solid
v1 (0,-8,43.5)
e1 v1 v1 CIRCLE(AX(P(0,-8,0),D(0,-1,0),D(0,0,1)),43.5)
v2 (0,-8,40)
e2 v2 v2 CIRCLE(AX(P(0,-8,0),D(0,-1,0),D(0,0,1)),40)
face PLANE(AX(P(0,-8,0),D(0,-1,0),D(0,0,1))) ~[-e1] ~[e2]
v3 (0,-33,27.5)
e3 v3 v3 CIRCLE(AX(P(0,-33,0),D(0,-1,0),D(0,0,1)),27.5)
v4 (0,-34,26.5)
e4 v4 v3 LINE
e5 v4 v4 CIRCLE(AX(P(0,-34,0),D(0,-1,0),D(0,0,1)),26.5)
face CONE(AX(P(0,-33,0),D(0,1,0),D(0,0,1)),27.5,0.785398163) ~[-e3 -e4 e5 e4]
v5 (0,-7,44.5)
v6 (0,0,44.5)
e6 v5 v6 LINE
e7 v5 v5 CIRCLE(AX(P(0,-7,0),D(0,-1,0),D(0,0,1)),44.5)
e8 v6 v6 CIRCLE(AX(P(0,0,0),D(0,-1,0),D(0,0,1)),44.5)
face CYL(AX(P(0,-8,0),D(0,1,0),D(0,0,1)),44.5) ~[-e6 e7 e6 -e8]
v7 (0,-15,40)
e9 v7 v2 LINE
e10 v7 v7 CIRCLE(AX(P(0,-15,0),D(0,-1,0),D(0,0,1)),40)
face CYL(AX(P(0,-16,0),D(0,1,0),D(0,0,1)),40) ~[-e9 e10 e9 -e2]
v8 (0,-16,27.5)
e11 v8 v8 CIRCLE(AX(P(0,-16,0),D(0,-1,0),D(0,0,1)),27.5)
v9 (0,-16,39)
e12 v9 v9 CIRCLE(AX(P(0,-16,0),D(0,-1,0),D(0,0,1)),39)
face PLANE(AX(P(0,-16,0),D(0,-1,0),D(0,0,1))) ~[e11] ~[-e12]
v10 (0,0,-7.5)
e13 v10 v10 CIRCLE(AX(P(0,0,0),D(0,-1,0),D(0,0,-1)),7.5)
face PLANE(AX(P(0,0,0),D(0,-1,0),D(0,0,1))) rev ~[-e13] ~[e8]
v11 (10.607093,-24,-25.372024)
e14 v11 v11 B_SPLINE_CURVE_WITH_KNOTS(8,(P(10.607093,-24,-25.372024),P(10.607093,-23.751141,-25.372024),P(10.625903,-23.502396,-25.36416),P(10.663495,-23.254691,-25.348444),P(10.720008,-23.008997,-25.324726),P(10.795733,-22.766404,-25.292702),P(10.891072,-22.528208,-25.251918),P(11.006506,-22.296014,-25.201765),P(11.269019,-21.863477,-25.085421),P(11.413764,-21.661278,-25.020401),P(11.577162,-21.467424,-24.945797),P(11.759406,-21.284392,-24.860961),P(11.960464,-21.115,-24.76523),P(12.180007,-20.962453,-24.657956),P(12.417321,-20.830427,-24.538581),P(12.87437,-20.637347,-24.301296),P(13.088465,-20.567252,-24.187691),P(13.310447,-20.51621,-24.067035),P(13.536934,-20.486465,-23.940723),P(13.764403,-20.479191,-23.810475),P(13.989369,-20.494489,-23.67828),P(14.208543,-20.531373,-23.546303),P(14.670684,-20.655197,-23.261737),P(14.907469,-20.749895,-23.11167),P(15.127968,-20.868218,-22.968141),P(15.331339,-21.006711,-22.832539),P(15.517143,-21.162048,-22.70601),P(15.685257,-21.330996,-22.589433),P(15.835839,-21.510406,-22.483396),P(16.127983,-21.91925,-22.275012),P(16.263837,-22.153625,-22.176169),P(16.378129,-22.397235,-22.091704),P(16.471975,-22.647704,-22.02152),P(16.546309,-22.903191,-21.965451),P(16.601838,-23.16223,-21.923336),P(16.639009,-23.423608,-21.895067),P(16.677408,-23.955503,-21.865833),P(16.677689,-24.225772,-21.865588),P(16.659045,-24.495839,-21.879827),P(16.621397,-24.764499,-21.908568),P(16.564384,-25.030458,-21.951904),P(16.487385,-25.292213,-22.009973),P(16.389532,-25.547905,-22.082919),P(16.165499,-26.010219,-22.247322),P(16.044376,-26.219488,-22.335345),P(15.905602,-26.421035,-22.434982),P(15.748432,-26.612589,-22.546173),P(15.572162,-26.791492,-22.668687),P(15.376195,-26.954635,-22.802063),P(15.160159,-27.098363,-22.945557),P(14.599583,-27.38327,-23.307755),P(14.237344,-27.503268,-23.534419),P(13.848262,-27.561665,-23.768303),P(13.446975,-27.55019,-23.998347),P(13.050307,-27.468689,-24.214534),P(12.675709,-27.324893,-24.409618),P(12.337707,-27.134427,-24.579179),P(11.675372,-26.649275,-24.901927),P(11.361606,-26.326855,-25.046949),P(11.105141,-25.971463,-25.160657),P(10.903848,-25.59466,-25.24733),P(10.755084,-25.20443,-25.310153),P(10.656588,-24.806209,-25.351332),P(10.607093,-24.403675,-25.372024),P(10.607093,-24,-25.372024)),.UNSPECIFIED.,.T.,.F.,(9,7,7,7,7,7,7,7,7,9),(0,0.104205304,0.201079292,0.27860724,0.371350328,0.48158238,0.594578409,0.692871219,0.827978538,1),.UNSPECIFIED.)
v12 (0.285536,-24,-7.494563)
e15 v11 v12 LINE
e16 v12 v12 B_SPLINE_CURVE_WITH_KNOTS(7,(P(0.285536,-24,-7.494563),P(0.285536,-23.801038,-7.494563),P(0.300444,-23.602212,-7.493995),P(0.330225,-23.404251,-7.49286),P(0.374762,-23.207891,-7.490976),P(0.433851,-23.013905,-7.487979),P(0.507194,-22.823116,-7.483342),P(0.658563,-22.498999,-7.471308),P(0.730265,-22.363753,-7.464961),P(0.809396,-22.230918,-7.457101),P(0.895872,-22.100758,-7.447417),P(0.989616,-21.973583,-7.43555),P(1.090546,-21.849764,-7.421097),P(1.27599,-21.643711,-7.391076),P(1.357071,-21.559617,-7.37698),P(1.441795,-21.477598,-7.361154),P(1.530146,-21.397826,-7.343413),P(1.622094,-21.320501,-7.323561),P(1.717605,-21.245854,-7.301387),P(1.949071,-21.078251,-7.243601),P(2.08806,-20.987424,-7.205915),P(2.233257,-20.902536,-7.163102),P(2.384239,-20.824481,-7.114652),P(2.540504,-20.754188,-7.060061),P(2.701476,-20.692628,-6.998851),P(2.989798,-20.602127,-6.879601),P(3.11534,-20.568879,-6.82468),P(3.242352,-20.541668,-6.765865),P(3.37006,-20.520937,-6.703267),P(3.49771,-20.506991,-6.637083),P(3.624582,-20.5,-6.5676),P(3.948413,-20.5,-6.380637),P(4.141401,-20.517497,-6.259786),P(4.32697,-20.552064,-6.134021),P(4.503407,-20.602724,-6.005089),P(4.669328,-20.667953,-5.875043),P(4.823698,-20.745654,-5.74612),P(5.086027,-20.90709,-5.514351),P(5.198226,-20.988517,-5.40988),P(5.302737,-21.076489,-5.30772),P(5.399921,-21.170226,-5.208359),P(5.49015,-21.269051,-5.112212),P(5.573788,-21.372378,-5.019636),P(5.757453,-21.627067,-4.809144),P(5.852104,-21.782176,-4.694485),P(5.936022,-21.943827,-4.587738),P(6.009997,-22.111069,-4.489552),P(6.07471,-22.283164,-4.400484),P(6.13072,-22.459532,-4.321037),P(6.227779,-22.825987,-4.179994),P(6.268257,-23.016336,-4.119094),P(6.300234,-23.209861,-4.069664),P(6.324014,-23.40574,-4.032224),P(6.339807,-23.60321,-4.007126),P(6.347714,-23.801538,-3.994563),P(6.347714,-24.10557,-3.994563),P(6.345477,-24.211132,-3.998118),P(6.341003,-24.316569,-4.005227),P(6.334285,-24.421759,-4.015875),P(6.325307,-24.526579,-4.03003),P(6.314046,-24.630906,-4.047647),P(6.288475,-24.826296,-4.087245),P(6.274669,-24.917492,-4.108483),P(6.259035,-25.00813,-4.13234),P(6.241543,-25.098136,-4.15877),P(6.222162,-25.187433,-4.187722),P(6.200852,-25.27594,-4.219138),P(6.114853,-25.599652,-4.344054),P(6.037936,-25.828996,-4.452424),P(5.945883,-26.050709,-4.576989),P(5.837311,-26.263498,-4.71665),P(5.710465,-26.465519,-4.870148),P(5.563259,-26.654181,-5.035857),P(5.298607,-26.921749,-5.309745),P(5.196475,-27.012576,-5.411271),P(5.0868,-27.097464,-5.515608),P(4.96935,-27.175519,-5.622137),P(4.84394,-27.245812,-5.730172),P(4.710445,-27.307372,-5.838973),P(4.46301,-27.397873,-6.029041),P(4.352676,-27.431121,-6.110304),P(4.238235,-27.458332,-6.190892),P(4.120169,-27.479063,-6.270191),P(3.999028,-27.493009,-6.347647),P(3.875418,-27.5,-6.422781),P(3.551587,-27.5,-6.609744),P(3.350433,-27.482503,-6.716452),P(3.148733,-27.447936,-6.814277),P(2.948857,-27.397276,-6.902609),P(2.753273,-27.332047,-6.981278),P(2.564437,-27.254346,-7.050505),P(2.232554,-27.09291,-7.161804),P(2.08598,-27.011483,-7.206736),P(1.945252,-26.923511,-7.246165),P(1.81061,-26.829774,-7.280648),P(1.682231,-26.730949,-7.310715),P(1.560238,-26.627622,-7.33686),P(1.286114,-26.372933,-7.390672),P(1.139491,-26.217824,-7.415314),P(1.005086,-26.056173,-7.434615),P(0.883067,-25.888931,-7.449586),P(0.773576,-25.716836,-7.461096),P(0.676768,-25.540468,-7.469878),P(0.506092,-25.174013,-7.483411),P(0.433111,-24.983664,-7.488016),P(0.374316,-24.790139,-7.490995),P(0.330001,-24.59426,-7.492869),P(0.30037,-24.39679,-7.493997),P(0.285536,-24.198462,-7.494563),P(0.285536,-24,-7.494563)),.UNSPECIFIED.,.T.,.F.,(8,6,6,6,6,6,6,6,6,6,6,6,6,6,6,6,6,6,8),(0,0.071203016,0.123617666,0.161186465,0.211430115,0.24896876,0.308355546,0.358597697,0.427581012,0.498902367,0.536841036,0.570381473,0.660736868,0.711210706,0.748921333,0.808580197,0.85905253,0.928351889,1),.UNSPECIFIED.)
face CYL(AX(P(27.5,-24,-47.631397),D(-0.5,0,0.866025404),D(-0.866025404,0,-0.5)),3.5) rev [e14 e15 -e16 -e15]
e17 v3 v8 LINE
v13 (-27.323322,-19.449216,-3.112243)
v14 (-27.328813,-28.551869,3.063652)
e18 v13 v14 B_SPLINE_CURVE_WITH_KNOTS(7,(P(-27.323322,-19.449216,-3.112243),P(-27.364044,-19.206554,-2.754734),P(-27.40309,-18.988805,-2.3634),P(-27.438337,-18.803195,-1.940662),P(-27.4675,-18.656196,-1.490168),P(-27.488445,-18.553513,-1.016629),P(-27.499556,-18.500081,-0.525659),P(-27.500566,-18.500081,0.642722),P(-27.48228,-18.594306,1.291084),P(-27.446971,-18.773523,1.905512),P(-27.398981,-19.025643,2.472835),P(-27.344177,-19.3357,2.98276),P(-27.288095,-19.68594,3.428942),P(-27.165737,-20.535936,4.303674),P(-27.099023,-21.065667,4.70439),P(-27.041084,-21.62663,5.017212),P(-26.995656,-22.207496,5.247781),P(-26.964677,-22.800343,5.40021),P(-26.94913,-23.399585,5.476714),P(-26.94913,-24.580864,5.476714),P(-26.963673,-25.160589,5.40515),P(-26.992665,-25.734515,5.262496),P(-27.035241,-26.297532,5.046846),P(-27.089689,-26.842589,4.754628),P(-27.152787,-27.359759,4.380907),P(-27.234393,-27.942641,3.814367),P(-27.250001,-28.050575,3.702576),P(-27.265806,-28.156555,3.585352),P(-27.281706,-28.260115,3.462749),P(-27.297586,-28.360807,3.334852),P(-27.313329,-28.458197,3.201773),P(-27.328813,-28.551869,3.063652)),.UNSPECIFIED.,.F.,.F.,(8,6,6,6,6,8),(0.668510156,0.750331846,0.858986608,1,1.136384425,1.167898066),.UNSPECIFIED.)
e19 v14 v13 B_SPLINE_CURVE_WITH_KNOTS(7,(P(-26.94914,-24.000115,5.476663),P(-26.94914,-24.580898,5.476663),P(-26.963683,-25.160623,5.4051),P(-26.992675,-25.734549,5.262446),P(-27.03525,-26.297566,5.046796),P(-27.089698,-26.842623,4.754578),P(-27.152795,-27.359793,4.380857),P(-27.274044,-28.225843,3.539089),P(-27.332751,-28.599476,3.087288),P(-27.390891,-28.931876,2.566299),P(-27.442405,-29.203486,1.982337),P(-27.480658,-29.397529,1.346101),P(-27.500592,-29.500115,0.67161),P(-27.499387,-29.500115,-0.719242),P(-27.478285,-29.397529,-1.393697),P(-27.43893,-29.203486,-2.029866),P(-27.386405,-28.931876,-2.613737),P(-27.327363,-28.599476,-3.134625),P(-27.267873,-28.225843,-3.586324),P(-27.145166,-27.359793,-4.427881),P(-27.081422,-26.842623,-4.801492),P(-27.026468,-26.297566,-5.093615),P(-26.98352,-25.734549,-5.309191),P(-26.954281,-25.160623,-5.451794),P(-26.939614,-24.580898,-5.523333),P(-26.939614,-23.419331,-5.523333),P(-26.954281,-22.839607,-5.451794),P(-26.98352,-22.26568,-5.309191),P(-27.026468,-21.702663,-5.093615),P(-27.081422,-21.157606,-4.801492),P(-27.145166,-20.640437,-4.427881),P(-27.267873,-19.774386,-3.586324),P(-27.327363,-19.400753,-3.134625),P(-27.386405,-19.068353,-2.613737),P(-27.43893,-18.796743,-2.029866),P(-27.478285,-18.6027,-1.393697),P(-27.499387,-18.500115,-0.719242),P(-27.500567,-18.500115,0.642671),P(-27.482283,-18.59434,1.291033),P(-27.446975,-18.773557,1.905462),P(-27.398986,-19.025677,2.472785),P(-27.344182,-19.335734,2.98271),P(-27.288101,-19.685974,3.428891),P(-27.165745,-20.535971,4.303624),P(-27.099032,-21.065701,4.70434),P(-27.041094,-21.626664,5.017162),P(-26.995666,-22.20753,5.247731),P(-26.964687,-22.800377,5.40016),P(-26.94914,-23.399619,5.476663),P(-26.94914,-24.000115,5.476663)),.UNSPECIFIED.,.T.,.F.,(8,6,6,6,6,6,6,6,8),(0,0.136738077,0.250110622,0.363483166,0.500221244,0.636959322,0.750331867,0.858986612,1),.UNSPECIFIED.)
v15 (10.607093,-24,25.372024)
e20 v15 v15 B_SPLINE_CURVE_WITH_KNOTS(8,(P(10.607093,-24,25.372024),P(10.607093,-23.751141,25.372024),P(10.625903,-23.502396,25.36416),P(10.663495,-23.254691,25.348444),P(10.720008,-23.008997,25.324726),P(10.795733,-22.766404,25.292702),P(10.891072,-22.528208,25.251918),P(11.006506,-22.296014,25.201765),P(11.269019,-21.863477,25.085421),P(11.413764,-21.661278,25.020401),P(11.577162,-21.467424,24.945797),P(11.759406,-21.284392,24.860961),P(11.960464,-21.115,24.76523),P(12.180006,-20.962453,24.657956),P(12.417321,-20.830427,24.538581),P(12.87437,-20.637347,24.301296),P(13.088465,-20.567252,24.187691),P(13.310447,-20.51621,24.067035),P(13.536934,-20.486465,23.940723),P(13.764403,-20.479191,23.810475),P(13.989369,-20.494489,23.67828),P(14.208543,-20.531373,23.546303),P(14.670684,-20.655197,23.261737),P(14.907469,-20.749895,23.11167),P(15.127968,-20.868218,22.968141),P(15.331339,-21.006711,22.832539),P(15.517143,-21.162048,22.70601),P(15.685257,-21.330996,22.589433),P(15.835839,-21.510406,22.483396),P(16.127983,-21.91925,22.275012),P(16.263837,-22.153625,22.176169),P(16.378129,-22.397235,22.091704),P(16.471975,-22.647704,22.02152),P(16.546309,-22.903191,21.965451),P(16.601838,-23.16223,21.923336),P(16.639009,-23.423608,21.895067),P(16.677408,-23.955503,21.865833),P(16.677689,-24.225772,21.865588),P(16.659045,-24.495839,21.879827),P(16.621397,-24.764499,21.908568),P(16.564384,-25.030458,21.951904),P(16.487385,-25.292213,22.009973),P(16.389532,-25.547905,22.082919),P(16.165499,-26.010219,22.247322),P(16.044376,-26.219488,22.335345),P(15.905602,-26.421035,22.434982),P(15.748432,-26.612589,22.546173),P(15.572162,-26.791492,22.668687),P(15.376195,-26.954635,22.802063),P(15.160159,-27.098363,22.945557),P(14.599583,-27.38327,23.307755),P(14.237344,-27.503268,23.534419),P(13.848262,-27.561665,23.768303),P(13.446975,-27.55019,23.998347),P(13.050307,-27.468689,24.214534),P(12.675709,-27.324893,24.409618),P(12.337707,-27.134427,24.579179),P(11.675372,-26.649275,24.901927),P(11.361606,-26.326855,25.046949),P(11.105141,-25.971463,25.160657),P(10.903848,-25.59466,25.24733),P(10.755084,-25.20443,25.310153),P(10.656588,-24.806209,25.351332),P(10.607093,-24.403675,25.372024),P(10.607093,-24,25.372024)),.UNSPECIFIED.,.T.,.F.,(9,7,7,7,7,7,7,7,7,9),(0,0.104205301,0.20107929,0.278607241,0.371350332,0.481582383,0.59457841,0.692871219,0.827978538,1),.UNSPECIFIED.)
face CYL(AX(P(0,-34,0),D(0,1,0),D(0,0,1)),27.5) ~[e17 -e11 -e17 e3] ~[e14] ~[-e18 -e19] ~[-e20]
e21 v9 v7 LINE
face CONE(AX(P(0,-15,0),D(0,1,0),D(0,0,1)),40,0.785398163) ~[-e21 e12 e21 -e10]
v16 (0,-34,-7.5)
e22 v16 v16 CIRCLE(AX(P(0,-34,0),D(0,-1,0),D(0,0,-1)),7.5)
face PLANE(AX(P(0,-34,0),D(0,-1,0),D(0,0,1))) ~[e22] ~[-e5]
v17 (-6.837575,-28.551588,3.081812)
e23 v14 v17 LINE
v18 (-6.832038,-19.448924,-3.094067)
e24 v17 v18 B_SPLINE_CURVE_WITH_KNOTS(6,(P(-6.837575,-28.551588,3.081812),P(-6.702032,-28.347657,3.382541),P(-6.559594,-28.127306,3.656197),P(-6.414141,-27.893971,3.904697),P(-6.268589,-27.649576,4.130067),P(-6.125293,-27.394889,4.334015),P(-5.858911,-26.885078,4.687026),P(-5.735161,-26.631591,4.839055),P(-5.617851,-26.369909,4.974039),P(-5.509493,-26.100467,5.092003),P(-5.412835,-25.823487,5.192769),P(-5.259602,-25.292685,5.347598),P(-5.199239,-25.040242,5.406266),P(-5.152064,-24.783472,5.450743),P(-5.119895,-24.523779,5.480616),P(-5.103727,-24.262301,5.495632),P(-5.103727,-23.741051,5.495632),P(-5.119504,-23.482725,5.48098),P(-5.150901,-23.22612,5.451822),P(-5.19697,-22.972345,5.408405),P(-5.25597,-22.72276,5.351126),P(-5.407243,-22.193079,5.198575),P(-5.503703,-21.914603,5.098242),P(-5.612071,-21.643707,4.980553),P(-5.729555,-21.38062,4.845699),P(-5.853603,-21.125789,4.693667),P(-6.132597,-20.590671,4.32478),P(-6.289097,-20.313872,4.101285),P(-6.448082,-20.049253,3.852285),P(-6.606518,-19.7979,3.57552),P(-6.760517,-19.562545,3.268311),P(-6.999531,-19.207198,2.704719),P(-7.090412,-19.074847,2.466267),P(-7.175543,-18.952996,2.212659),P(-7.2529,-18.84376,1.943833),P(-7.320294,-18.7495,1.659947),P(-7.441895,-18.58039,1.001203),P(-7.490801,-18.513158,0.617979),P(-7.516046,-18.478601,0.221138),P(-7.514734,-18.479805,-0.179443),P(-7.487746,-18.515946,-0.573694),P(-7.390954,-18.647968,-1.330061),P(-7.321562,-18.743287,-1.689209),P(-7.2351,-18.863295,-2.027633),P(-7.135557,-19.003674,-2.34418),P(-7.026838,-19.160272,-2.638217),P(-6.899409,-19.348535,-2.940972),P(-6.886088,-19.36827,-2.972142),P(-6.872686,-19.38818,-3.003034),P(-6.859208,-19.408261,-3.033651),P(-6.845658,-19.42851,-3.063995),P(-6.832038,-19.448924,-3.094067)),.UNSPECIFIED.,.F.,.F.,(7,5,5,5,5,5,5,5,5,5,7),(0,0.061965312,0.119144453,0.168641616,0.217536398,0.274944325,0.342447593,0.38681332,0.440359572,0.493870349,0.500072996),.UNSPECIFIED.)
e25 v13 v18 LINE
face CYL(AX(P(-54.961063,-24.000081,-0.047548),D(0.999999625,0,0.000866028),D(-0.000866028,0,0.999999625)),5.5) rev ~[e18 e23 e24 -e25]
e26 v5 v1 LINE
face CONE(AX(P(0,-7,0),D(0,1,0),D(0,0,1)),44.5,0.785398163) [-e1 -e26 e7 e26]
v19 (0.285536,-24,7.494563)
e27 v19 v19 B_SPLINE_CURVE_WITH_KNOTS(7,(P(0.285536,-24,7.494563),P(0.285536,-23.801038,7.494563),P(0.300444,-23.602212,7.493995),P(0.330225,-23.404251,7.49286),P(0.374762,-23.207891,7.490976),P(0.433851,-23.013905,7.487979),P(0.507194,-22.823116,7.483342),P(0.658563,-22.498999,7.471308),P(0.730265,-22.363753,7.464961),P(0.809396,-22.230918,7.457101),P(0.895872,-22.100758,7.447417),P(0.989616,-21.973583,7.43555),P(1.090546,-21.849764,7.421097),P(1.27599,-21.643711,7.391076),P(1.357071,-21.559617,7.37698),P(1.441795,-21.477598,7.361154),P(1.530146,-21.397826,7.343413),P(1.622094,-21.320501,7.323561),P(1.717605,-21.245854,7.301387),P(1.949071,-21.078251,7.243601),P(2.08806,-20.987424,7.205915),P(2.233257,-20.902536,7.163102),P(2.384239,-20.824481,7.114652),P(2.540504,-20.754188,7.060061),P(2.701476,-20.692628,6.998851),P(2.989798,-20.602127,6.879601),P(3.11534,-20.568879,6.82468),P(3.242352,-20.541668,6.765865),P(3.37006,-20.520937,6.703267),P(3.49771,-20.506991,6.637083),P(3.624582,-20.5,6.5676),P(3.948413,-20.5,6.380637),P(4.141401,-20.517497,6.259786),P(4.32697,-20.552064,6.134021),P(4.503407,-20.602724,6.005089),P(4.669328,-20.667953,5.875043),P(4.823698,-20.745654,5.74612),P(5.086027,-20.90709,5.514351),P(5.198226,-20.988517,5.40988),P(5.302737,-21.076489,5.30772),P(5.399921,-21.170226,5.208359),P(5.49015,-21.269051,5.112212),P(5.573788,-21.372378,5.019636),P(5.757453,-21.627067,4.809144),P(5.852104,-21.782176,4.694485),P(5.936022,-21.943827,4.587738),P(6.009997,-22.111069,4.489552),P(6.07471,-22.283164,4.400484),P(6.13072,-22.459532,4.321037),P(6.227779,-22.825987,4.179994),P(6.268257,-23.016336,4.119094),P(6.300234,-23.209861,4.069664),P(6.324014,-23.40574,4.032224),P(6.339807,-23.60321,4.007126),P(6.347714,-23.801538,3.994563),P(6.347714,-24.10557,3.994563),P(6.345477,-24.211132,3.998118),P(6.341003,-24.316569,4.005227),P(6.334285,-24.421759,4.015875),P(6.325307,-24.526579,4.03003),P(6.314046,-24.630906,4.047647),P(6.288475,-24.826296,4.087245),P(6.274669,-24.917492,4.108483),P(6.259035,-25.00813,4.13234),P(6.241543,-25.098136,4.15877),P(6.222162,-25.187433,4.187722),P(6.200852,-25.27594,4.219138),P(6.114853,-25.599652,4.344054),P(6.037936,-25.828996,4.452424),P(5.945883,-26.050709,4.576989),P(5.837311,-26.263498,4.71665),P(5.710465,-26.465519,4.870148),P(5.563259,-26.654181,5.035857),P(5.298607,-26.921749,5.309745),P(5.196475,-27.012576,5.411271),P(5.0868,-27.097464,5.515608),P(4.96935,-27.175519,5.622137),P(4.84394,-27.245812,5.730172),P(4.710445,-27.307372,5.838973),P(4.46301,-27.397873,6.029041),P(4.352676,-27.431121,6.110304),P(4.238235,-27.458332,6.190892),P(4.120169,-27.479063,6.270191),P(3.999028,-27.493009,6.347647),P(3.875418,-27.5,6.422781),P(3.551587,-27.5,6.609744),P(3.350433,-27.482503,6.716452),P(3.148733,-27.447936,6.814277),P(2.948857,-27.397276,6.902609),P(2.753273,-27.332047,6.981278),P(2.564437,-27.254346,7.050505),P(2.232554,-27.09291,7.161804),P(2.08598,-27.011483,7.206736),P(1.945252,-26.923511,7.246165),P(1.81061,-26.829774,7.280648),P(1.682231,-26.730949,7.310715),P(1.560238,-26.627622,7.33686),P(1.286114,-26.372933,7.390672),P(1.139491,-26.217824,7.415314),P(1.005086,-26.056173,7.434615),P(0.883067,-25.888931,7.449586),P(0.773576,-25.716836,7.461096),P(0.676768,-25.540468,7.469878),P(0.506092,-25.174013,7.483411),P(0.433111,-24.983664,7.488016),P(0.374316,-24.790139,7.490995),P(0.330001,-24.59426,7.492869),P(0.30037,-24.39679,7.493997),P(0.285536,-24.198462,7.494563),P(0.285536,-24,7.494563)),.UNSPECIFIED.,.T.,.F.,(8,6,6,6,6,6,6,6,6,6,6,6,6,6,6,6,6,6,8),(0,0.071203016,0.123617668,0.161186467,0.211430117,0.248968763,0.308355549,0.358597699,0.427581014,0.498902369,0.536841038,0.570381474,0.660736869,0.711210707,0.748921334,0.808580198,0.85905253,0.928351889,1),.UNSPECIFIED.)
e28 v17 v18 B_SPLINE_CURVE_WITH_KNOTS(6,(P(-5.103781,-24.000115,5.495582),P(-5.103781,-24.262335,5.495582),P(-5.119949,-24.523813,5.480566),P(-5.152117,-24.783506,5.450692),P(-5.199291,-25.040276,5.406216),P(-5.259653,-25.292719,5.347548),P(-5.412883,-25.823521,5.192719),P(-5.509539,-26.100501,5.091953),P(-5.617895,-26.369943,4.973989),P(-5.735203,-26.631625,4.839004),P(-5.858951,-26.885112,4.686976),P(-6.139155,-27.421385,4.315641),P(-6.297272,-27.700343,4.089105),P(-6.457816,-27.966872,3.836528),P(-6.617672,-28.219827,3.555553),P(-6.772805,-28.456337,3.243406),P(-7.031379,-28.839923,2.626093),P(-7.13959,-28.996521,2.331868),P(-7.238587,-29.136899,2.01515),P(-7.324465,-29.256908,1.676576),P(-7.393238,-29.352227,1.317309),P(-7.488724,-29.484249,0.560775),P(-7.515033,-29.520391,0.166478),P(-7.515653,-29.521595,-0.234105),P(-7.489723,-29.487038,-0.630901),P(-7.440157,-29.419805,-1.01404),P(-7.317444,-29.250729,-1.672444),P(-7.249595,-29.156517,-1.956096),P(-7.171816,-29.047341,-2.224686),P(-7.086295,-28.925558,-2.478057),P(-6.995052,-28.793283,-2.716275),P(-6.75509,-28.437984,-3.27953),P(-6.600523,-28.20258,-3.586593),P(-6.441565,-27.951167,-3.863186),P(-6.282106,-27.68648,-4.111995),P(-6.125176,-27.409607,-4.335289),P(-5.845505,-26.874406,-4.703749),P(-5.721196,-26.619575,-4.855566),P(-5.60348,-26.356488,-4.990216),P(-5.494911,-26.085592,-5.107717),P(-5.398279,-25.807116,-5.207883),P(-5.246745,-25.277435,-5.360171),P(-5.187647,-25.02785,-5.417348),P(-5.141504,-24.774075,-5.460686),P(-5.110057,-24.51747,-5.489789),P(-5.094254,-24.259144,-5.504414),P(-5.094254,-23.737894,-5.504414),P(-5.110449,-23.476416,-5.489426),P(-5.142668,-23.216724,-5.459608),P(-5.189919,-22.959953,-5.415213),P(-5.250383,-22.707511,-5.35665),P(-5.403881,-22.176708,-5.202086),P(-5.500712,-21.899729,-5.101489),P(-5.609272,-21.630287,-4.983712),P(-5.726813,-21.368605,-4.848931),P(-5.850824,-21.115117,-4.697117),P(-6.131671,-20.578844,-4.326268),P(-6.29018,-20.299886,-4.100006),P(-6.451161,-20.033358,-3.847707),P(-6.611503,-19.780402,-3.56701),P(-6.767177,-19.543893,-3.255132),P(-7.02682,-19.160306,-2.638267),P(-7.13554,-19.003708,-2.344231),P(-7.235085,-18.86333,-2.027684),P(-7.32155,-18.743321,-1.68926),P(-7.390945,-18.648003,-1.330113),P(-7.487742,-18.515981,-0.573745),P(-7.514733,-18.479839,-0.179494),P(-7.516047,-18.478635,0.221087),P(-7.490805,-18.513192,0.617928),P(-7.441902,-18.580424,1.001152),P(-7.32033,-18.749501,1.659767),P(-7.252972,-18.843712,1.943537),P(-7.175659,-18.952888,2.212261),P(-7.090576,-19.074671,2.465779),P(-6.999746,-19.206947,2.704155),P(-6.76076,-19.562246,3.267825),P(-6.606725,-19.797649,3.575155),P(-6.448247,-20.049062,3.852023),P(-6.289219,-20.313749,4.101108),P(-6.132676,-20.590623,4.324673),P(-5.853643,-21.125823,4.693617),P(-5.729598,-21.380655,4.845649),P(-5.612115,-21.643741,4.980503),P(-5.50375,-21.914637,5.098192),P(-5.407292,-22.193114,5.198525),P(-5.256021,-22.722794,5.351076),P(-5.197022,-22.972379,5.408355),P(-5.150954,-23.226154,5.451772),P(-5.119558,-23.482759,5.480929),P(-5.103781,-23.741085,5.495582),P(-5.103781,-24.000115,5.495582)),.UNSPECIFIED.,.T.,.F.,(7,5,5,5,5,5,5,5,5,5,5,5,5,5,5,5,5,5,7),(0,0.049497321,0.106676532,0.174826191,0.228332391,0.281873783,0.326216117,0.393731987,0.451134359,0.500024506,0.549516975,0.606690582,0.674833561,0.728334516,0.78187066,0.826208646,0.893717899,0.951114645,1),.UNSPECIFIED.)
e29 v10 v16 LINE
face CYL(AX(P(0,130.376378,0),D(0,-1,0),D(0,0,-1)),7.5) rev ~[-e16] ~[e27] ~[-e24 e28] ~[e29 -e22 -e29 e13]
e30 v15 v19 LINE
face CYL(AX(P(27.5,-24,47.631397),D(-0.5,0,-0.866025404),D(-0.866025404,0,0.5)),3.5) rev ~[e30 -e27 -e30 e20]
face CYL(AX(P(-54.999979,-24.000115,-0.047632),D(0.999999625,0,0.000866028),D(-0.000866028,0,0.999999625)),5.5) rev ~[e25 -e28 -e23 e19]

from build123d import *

# Parameters (mm, degrees)
FORO_15_0_15_1_D               = 15
FORO_11_0_11_2_D               = 11
FORO_11_0_11_2_DEPTH           = 27.5
FORO_11_0_11_2_ON_FACE_2_D     = 11
FORO_11_0_11_2_ON_FACE_2_DEPTH = 27.5
FORO_7_0_7_1_D                 = 7
FORO_7_0_7_1_DEPTH             = 27.5
SMUSSO1_SIZE                   = 1


with BuildPart() as part:
    # Schizzo2 → Rivoluzione2 (revolve)
    with BuildSketch(Plane.XY, mode=Mode.PRIVATE) as rivoluzione2_sk:
        Polygon((0, 0), (0, -34), (27.5, -34), (27.5, -16), (40, -16), (40, -8), (44.5, -8), (44.5, 0), align=None)
    revolve(rivoluzione2_sk.sketch.rotate(Axis((0, 0, 0), (0, -1, 0)), 90), axis=Axis((0, 0, 0), (0, -1, 0)))

    # Foro Ø15.0 (15)-1 (through all)
    with Locations(Plane.ZX):
        with Locations((0, 0)):
            Hole(FORO_15_0_15_1_D / 2)

    # Foro Ø11.0 (11)-2
    with Locations(Plane(origin=(-27.499989687, -24.000114667, -0.023815764), x_dir=(0.00086602778, 0, -0.999999624998), z_dir=(-0.999999624998, 0, -0.00086602778))):
        with Locations((0, 0)):
            Hole(FORO_11_0_11_2_D / 2, depth=FORO_11_0_11_2_DEPTH)

    # Foro Ø11.0 (11)-2 on face 2
    with Locations(Plane(origin=(-27.461073612, -24.000080572, -0.023731809), x_dir=(0.00086602778, 0, -0.999999624998), z_dir=(-0.999999624998, 0, -0.00086602778))):
        with Locations((0, 0)):
            Hole(FORO_11_0_11_2_ON_FACE_2_D / 2, depth=FORO_11_0_11_2_ON_FACE_2_DEPTH)

    # Foro Ø7.0 (7)-1
    with Locations(Plane(origin=(13.75, -24, 23.815698604), x_dir=(0.866025403784, 0, -0.5), z_dir=(0.5, 0, 0.866025403784))):
        with Locations((0, 0)):
            foro_7_0_7_1 = Hole(FORO_7_0_7_1_D / 2, depth=FORO_7_0_7_1_DEPTH)

    # Specchia1: Foro Ø7.0 (7)-1 across plane
    add(foro_7_0_7_1.mirror(Plane.XY), mode=Mode.SUBTRACT)

    # Smusso1
    smusso1_edges = [part.edges().sort_by_distance(p)[0] for p in [
        (0, -8, -44.5),
        (0, -16, -40),
        (0, -34, -27.5),
    ]]
    chamfer(smusso1_edges, length=SMUSSO1_SIZE)


solid = part.part
